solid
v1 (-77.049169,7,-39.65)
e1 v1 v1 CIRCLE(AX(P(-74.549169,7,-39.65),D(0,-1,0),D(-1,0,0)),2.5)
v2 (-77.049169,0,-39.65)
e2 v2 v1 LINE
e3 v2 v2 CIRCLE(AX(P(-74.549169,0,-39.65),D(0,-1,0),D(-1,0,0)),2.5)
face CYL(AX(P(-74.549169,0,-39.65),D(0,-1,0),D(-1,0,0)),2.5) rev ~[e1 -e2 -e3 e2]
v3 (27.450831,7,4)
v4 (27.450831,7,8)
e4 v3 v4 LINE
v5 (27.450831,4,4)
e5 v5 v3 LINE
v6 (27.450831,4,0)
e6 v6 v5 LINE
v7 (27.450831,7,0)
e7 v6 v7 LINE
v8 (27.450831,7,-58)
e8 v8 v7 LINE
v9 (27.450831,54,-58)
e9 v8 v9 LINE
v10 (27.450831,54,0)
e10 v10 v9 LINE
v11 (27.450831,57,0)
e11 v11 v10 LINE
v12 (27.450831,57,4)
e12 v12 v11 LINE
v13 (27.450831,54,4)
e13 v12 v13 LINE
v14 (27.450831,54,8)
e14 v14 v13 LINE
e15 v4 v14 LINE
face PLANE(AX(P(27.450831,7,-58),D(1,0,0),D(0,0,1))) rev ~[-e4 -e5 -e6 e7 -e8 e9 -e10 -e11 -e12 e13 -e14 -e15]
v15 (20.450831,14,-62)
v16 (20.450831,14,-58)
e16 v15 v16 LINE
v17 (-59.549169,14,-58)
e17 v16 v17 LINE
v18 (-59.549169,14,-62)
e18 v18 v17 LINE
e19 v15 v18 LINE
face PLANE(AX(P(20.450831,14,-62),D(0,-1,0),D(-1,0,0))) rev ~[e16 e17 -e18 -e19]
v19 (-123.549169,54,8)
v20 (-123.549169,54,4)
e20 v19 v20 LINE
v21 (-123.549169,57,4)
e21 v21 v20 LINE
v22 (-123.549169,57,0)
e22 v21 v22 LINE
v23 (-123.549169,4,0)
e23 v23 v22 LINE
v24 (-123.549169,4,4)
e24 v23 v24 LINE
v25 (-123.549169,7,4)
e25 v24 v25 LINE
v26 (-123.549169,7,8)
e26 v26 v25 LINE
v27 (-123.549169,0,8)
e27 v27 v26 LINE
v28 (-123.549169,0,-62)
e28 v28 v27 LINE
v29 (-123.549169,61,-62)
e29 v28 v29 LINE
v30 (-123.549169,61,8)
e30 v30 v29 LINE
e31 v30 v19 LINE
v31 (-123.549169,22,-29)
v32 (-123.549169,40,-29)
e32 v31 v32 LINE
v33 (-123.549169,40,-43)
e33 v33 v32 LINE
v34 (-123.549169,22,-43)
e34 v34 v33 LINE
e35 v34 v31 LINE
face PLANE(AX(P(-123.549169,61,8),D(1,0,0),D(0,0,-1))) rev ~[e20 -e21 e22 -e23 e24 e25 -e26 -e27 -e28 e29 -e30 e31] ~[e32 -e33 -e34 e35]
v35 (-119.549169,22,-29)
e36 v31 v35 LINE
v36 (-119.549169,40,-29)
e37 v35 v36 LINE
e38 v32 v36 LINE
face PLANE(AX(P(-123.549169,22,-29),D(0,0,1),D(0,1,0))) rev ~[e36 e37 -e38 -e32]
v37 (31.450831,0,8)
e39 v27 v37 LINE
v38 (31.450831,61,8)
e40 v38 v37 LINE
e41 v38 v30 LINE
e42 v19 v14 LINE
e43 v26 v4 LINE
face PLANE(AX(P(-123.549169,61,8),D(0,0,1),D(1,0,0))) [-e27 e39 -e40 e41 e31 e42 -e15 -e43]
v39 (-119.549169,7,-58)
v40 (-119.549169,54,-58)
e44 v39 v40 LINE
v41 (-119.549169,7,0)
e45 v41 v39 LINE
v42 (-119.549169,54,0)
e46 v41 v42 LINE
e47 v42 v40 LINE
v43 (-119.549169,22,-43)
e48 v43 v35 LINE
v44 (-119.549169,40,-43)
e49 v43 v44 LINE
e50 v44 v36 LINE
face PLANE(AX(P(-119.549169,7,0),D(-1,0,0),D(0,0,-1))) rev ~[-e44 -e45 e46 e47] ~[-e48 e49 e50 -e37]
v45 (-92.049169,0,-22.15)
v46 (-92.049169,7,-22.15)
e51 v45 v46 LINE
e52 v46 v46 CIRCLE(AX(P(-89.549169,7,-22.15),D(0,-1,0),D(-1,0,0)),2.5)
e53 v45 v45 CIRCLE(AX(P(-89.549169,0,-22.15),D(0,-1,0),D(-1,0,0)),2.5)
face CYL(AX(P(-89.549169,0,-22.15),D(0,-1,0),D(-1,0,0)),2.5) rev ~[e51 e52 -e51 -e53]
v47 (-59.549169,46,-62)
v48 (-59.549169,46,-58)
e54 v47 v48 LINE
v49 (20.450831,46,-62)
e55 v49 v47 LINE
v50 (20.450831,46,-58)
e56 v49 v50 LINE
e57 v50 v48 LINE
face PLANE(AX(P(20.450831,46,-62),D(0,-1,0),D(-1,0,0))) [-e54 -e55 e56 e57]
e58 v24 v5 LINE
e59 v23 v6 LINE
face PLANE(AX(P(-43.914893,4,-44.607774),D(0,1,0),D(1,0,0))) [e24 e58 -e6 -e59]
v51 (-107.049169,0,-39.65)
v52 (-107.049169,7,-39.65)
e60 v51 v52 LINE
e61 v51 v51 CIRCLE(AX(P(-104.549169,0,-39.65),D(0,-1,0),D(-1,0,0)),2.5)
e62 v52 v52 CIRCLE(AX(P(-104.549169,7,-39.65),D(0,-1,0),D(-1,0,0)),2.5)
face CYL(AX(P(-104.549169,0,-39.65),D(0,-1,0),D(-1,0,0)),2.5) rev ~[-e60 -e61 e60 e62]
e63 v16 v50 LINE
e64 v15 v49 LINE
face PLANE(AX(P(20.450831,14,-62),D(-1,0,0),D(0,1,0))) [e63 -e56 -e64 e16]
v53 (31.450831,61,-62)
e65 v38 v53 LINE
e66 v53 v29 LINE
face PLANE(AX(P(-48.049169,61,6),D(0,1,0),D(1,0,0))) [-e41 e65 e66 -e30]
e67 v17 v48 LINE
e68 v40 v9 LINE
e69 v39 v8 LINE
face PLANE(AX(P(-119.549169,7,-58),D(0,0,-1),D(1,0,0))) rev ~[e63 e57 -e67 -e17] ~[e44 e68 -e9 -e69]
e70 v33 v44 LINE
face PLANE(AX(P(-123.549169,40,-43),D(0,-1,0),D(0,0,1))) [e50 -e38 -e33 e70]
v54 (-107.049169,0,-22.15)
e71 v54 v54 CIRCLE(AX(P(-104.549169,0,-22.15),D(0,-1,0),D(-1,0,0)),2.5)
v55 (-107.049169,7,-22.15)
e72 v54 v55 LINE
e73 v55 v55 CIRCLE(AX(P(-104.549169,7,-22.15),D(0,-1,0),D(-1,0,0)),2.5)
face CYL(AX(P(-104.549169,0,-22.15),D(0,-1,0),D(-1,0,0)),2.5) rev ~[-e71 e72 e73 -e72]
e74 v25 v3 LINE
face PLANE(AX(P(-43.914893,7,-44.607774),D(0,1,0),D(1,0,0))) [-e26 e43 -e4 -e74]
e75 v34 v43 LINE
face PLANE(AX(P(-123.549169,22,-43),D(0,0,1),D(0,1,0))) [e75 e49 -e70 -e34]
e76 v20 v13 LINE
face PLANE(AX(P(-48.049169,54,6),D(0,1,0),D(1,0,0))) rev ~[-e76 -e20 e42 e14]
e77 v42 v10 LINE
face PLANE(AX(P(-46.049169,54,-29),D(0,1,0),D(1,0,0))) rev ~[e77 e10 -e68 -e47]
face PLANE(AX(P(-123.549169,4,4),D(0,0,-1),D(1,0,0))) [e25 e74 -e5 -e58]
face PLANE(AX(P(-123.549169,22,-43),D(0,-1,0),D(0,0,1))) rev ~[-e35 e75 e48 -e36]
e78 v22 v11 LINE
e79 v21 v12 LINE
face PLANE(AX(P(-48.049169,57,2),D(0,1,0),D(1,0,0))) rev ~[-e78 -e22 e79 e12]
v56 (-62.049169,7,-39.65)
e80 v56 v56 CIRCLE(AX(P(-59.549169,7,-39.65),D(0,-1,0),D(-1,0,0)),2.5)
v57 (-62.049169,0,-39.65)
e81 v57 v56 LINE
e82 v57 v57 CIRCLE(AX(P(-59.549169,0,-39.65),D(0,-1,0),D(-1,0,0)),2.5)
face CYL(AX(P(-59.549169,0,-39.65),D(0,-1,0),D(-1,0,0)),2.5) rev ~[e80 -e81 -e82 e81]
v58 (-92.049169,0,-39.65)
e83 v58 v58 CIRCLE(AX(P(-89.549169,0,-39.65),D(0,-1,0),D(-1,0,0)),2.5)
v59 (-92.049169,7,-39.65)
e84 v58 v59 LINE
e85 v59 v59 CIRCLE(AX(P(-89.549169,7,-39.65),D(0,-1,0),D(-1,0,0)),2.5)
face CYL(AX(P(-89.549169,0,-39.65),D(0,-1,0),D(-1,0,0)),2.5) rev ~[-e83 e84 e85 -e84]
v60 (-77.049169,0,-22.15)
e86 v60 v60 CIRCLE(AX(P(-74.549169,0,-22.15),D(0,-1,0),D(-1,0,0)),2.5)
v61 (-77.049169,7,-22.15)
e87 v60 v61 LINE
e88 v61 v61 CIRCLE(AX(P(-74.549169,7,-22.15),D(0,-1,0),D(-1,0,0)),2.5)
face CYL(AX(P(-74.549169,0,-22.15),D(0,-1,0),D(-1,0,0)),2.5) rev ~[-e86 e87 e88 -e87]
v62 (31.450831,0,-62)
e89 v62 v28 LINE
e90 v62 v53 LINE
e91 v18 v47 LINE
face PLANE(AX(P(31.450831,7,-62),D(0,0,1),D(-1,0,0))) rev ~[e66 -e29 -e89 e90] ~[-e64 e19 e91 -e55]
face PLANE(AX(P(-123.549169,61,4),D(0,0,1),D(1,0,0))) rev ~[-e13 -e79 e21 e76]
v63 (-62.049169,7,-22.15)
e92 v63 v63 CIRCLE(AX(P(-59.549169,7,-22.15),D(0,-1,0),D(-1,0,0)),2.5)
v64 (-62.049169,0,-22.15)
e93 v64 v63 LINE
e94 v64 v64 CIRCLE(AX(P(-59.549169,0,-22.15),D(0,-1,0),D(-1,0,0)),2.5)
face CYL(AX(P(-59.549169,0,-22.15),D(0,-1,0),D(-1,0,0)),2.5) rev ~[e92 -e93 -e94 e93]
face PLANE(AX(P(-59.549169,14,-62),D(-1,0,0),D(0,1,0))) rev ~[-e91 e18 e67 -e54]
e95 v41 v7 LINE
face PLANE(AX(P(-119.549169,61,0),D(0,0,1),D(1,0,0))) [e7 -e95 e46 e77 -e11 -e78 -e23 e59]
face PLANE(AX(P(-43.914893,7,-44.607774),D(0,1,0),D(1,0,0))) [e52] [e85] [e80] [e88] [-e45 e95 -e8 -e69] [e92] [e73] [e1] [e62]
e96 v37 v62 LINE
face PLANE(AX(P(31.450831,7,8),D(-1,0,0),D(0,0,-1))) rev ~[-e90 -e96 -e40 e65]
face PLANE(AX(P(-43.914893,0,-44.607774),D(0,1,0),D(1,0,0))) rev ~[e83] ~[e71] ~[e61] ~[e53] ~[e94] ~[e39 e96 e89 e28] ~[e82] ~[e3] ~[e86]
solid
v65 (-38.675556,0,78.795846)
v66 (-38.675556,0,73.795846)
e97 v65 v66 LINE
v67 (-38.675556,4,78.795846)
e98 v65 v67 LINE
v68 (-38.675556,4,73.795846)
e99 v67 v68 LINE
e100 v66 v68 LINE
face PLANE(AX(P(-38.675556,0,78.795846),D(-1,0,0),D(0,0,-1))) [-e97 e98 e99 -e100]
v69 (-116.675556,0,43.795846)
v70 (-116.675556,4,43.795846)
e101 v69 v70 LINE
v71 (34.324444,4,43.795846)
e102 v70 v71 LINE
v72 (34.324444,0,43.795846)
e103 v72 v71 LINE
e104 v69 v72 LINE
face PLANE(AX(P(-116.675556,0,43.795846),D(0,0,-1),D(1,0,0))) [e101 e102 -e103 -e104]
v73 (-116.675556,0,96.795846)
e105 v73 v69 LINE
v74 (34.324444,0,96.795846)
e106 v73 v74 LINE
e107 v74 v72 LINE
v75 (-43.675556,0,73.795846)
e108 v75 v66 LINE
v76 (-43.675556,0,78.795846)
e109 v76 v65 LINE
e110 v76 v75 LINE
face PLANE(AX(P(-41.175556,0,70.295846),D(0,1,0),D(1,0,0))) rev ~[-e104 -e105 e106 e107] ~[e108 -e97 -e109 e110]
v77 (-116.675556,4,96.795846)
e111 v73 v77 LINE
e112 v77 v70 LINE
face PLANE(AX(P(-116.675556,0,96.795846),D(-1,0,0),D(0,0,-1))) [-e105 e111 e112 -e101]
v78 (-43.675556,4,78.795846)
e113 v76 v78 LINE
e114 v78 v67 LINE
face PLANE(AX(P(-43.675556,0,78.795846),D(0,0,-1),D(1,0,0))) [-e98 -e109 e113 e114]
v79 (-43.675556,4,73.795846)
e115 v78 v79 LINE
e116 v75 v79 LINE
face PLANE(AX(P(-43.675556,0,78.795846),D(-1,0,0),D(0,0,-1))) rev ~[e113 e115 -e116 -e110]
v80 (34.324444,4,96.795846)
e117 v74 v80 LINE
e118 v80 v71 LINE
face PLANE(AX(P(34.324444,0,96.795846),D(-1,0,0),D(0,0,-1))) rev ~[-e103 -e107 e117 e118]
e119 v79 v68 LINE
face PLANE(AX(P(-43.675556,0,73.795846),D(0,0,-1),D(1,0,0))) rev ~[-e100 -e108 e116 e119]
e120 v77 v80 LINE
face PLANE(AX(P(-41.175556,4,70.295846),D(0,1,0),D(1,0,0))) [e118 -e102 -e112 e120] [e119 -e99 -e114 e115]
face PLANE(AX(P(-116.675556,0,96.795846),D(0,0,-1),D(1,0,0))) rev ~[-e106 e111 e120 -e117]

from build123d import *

# Parameters (mm, degrees)
SCHIZZO1_W                    = 147
SCHIZZO1_H                    = 58
SCHIZZO1_W_2                  = 151
SCHIZZO1_H_2                  = 4
ESTRUSIONE_ESTRUSIONE7_DEPTH  = 4
SCHIZZO8_W                    = 147
SCHIZZO8_H                    = 58
SCHIZZO8_W_2                  = 151
SCHIZZO8_H_2                  = 4
ESTRUSIONE_ESTRUSIONE9_DEPTH  = 3
ESTRUSIONE_ESTRUSIONE10_DEPTH = 54
SCHIZZO18_W                   = 147
SCHIZZO18_H                   = 58
ESTRUSIONE_ESTRUSIONE11_DEPTH = 7
SCHIZZO19_W                   = 151
SCHIZZO19_H                   = 4
ESTRUSIONE_ESTRUSIONE12_DEPTH = 4
SCHIZZO20_W                   = 151
SCHIZZO20_H                   = 4
ESTRUSIONE_ESTRUSIONE13_DEPTH = 7
SCHIZZO21_W                   = 14
SCHIZZO21_H                   = 18
TAGLIO_ESTRUSIONE1_DEPTH      = 7
SCHIZZO22_W                   = 80
SCHIZZO22_H                   = 32
TAGLIO_ESTRUSIONE2_DEPTH      = 7
SCHIZZO23_R                   = 2.5
TAGLIO_ESTRUSIONE3_DEPTH      = 10
SCHIZZO29_W                   = 151
SCHIZZO29_H                   = 53
SCHIZZO29_W_2                 = 5
SCHIZZO29_H_2                 = 5
ESTRUSIONE_ESTRUSIONE14_DEPTH = 4


with BuildPart() as part:
    # Schizzo1 → Estrusione-Estrusione7 (new body)
    with BuildSketch(Plane(origin=(0, 0, 0), x_dir=(1, 0, 0), z_dir=(0, 1, 0))):
        Polygon((-119.549168975, 0), (-119.549168975, 58), (27.450831025, 58), (27.450831025, 0), (27.450831025, -4), (27.450831025, -8), (31.450831025, -8), (31.450831025, 62), (-123.549168975, 62), (-123.549168975, 0), align=None)
        with Locations((-46.049168975, 29)):
            Rectangle(SCHIZZO1_W, SCHIZZO1_H)
        Polygon((27.450831025, 0), (-119.549168975, 0), (-123.549168975, 0), (-123.549168975, -4), (27.450831025, -4), align=None)
        with Locations((-48.049168975, -6)):
            Rectangle(SCHIZZO1_W_2, SCHIZZO1_H_2)
    extrude(amount=ESTRUSIONE_ESTRUSIONE7_DEPTH)

    # Schizzo8 → Estrusione-Estrusione9 (add)
    with BuildSketch(Plane(origin=(0, 4, 0), x_dir=(1, 0, 0), z_dir=(0, 1, 0))):
        Polygon((-119.549168975, 0), (-119.549168975, 58), (27.450831025, 58), (27.450831025, 0), (27.450831025, -4), (27.450831025, -8), (31.450831025, -8), (31.450831025, 62), (-123.549168975, 62), (-123.549168975, 0), align=None)
        with Locations((-46.049168975, 29)):
            Rectangle(SCHIZZO8_W, SCHIZZO8_H)
        with Locations((-48.049168975, -6)):
            Rectangle(SCHIZZO8_W_2, SCHIZZO8_H_2)
    extrude(amount=ESTRUSIONE_ESTRUSIONE9_DEPTH)

    # Schizzo15 → Estrusione-Estrusione10 (add)
    with BuildSketch(Plane(origin=(0, 7, 0), x_dir=(1, 0, 0), z_dir=(0, 1, 0))):
        Polygon((31.450831025, -8), (31.450831025, 62), (-123.549168975, 62), (-123.549168975, 0), (-119.549168975, 0), (-119.549168975, 58), (27.450831025, 58), (27.450831025, 0), (27.450831025, -4), (27.450831025, -8), align=None)
    extrude(amount=ESTRUSIONE_ESTRUSIONE10_DEPTH)

    # Schizzo18 → Estrusione-Estrusione11 (add)
    with BuildSketch(Plane(origin=(0, 61, 0), x_dir=(1, 0, 0), z_dir=(0, 1, 0))):
        with Locations((-46.049168975, 29)):
            Rectangle(SCHIZZO18_W, SCHIZZO18_H)
    extrude(amount=-ESTRUSIONE_ESTRUSIONE11_DEPTH)

    # Schizzo19 → Estrusione-Estrusione12 (add)
    with BuildSketch(Plane(origin=(0, 61, 0), x_dir=(1, 0, 0), z_dir=(0, 1, 0))):
        with Locations((-48.049168975, -2)):
            Rectangle(SCHIZZO19_W, SCHIZZO19_H)
    extrude(amount=-ESTRUSIONE_ESTRUSIONE12_DEPTH)

    # Schizzo20 → Estrusione-Estrusione13 (add)
    with BuildSketch(Plane(origin=(0, 61, 0), x_dir=(1, 0, 0), z_dir=(0, 1, 0))):
        with Locations((-48.049168975, -6)):
            Rectangle(SCHIZZO20_W, SCHIZZO20_H)
    extrude(amount=-ESTRUSIONE_ESTRUSIONE13_DEPTH)

    # Schizzo21 → Taglio-Estrusione1 (cut)
    with BuildSketch(Plane.ZY.offset(123.549168975)):
        with Locations((-36, 31)):
            Rectangle(SCHIZZO21_W, SCHIZZO21_H)
    extrude(amount=-TAGLIO_ESTRUSIONE1_DEPTH, mode=Mode.SUBTRACT)

    # Schizzo22 → Taglio-Estrusione2 (cut)
    with BuildSketch(Plane(origin=(0, 0, -62), x_dir=(-1, 0, 0), z_dir=(0, 0, -1))):
        with Locations((19.549168975, 30)):
            Rectangle(SCHIZZO22_W, SCHIZZO22_H)
    extrude(amount=-TAGLIO_ESTRUSIONE2_DEPTH, mode=Mode.SUBTRACT)

    # Schizzo23 → Taglio-Estrusione3 (cut)
    with BuildSketch(Plane(origin=(0, 0, 0), x_dir=(-1, 0, 0), z_dir=(0, -1, 0))):
        with Locations((104.549168975, 39.65)):
            Circle(SCHIZZO23_R)
        with Locations((104.549168975, 22.15)):
            Circle(SCHIZZO23_R)
        with Locations((89.549168975, 39.65)):
            Circle(SCHIZZO23_R)
        with Locations((89.549168975, 22.15)):
            Circle(SCHIZZO23_R)
        with Locations((74.549168975, 39.65)):
            Circle(SCHIZZO23_R)
        with Locations((74.549168975, 22.15)):
            Circle(SCHIZZO23_R)
        with Locations((59.549168975, 39.65)):
            Circle(SCHIZZO23_R)
        with Locations((59.549168975, 22.15)):
            Circle(SCHIZZO23_R)
    extrude(amount=-TAGLIO_ESTRUSIONE3_DEPTH, mode=Mode.SUBTRACT)


with BuildPart() as body_2:
    # Schizzo29 → Estrusione-Estrusione14 (new body)
    with BuildSketch(Plane(origin=(0, 0, 0), x_dir=(1, 0, 0), z_dir=(0, 1, 0))):
        with Locations((-41.175555787, -70.295845643)):
            Rectangle(SCHIZZO29_W, SCHIZZO29_H)
        with Locations((-41.175555787, -76.295845643)):
            Rectangle(SCHIZZO29_W_2, SCHIZZO29_H_2, mode=Mode.SUBTRACT)
    extrude(amount=ESTRUSIONE_ESTRUSIONE14_DEPTH)


solid = Compound([part.part, body_2.part])
